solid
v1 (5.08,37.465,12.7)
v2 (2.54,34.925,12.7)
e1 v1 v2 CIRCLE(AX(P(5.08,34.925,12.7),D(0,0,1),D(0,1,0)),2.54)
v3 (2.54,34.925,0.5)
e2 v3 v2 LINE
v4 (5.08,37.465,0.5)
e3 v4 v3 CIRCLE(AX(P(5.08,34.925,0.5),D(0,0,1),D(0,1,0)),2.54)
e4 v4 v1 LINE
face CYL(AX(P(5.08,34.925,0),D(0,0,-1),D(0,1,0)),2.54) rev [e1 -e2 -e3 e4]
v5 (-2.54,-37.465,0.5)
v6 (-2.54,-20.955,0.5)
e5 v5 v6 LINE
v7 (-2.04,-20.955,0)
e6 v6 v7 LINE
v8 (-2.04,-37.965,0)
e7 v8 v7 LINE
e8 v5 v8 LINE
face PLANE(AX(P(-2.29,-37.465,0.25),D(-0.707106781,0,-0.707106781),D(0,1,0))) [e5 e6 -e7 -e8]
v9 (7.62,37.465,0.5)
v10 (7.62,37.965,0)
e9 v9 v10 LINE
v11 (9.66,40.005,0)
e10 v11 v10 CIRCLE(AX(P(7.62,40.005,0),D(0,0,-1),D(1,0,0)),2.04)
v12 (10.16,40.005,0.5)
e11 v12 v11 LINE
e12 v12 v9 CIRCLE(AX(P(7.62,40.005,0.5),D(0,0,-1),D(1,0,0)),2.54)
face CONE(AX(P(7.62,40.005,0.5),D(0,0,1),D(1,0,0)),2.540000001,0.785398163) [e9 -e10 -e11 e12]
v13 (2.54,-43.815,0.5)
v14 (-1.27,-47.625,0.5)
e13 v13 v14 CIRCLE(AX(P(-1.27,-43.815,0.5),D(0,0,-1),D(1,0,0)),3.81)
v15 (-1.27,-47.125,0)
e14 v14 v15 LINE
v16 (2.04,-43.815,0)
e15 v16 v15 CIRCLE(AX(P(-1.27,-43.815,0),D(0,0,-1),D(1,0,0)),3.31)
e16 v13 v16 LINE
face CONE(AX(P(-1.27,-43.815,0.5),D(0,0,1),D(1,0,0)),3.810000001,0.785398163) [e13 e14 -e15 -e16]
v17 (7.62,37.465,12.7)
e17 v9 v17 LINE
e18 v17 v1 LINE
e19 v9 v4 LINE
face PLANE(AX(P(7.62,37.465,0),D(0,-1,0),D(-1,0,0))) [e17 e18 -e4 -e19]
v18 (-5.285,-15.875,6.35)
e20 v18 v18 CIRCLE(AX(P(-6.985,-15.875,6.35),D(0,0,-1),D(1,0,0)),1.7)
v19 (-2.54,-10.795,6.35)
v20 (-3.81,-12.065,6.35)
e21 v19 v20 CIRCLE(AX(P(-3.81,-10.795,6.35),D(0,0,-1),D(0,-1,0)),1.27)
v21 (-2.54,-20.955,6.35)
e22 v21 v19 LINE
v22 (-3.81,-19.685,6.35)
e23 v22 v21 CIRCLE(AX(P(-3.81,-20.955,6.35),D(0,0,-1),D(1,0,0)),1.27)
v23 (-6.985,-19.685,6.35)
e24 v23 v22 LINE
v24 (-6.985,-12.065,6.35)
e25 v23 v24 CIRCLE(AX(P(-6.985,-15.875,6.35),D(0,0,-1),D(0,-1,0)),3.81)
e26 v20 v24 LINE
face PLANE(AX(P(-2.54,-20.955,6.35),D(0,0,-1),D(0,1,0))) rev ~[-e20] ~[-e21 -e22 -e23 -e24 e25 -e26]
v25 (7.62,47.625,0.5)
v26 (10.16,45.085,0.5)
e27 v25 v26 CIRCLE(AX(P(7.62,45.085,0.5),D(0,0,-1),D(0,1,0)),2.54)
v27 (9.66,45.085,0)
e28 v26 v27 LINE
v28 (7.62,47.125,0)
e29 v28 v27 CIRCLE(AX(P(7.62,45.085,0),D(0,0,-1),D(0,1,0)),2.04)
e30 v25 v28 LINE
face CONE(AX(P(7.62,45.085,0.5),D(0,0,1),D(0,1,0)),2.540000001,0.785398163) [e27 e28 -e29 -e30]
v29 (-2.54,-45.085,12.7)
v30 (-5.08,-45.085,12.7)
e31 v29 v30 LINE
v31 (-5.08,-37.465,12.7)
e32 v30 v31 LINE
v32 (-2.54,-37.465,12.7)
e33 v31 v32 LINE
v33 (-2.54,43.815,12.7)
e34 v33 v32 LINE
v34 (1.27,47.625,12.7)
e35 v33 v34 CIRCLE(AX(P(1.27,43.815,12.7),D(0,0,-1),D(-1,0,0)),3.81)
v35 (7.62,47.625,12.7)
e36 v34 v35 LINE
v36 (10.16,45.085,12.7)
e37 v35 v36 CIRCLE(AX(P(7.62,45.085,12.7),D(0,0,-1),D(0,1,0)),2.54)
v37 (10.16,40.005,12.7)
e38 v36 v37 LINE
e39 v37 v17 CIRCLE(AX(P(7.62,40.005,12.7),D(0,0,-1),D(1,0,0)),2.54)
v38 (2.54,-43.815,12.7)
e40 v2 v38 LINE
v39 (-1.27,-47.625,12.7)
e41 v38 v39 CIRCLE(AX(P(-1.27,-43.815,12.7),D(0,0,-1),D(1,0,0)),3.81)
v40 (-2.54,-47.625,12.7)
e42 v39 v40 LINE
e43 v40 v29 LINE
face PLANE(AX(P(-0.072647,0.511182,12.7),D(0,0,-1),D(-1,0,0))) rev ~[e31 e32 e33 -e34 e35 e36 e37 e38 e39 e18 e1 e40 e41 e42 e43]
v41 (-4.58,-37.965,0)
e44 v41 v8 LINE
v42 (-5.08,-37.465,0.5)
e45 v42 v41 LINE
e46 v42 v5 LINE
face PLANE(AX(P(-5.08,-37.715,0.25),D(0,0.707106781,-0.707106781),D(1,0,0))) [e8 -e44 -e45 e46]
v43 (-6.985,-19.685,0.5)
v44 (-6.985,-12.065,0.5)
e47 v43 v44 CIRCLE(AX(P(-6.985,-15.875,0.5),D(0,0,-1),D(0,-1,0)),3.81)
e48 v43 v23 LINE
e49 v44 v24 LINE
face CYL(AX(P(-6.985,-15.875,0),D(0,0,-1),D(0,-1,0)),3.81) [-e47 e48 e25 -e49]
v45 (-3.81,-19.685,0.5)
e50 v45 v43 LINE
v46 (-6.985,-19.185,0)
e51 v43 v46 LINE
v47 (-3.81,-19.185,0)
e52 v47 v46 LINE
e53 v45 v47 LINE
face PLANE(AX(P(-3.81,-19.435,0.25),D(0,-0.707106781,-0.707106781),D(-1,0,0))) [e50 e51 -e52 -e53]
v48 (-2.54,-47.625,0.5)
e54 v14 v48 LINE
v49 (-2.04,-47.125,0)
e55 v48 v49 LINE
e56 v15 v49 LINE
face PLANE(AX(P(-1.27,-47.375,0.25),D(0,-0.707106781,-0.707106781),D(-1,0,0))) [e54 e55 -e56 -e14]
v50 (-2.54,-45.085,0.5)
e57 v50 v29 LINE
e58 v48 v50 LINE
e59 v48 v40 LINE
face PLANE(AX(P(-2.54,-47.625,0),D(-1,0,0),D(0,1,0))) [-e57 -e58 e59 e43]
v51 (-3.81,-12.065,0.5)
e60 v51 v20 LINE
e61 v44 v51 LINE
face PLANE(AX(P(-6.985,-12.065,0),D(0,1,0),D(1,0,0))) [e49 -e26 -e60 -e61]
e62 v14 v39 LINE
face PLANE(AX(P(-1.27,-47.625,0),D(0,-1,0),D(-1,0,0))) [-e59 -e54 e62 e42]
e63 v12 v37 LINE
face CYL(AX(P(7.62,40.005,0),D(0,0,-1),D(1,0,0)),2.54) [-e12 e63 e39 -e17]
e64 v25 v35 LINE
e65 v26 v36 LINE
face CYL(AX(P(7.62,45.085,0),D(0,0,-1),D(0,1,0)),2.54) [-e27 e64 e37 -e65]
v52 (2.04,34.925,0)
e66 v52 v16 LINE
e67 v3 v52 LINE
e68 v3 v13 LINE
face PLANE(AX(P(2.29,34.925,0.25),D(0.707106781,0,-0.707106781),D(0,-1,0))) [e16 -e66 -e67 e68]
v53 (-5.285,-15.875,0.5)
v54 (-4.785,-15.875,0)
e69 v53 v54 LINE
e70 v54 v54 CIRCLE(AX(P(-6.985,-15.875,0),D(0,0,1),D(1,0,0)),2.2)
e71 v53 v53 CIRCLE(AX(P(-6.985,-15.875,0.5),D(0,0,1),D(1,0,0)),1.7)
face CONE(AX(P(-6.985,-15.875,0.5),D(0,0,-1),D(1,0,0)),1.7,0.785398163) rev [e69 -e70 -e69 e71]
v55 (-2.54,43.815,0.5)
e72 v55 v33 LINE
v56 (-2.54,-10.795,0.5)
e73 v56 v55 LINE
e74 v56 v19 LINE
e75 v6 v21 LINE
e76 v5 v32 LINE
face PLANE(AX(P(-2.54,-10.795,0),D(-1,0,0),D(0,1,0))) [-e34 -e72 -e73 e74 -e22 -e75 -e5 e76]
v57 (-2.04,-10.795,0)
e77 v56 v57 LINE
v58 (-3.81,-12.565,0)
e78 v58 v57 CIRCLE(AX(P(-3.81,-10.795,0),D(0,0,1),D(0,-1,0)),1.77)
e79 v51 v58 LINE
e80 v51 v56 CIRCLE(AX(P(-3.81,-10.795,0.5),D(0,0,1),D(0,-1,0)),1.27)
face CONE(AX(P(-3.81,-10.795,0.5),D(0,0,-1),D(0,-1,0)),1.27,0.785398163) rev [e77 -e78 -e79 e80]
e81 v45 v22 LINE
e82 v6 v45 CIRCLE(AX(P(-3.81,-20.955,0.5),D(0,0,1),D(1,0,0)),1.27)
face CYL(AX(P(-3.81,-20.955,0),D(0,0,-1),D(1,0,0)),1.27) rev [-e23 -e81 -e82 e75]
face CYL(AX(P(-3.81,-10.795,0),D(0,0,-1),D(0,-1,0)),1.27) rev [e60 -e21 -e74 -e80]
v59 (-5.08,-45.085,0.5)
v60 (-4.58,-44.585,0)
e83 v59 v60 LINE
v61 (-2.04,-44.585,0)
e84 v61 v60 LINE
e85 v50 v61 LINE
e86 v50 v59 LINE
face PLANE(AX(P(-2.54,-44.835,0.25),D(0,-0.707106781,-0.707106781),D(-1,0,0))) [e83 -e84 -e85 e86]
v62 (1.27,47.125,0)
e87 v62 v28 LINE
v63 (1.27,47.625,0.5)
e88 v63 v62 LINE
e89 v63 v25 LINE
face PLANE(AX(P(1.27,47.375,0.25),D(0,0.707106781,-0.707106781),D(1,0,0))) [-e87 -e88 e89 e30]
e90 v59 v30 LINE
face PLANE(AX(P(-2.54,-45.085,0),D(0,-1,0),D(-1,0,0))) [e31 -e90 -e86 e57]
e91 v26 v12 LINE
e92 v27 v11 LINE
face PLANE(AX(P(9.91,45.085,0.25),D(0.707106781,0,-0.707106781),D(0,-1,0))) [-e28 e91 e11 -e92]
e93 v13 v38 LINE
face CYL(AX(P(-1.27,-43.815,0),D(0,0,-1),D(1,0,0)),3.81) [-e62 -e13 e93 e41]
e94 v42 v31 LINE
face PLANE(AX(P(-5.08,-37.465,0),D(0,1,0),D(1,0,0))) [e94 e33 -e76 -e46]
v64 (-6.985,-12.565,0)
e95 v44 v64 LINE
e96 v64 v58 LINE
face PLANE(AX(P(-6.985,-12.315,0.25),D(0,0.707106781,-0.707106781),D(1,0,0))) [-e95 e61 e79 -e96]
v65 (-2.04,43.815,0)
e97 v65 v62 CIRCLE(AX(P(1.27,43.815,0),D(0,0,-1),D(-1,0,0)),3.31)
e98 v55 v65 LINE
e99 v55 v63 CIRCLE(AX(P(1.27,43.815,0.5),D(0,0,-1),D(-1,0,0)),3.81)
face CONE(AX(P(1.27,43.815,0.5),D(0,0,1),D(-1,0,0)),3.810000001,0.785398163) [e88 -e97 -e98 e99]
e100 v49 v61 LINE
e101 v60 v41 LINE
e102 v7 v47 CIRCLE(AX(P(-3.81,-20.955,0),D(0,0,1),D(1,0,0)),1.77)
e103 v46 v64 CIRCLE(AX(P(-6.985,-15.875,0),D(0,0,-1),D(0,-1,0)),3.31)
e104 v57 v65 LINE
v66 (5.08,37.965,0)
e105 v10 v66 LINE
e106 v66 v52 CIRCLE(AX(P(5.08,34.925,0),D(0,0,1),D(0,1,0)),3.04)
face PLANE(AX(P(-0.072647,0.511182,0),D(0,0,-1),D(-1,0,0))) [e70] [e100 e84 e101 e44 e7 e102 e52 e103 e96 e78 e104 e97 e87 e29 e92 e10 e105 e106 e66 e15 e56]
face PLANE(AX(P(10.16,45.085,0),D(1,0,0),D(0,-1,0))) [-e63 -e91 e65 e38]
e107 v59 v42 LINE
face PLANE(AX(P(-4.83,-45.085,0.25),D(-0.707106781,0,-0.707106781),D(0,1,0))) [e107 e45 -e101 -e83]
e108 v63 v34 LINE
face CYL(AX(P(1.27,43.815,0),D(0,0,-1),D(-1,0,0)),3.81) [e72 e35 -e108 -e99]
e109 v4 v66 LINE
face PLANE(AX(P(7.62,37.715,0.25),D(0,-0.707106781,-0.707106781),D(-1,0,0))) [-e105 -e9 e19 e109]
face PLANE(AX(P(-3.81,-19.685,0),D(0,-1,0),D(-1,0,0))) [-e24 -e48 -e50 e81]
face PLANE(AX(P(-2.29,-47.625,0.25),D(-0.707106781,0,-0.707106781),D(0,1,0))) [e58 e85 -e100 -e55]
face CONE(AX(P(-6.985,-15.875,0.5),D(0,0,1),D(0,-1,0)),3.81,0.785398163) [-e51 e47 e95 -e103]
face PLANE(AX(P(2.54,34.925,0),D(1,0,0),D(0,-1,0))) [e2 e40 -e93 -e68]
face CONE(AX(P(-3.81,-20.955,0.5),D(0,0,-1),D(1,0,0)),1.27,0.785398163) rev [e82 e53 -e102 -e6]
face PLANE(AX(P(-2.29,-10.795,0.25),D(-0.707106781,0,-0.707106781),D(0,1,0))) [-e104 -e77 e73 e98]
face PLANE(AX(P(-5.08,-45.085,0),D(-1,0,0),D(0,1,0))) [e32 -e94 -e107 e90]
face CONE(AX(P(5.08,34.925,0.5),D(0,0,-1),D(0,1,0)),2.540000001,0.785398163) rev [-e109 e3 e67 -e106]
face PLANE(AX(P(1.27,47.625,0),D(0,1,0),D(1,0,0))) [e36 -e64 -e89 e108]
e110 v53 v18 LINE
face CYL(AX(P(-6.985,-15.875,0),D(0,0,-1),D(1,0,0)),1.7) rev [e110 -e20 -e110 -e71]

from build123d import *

# Parameters (mm, degrees)
SKETCH1_R           = 1.7
BOSS_EXTRUDE1_DEPTH = 12.7
SKETCH2_W           = 6.35
SKETCH2_H           = 10.16
CUT_EXTRUDE1_DEPTH  = 20.32
CHAMFER1_SIZE       = 0.5


with BuildPart() as part:
    # Sketch1 → Boss-Extrude1 (new body)
    with BuildSketch(Plane.XY):
        with BuildLine():
            Line((2.54, 47.625), (7.62, 47.625))
            ThreePointArc((7.62, 47.625), (9.416051224, 46.881051224), (10.16, 45.085))
            Line((10.16, 45.085), (10.16, 40.005))
            ThreePointArc((10.16, 40.005), (9.416051224, 38.208948776), (7.62, 37.465))
            Line((7.62, 37.465), (5.08, 37.465))
            ThreePointArc((5.08, 37.465), (3.283948776, 36.721051224), (2.54, 34.925))
            Line((2.54, 34.925), (2.54, -43.815))
            ThreePointArc((2.54, -43.815), (1.424076836, -46.509076836), (-1.27, -47.625))
            Line((-1.27, -47.625), (-2.54, -47.625))
            Line((-2.54, -47.625), (-2.54, -45.085))
            Line((-2.54, -45.085), (-5.08, -45.085))
            Line((-5.08, -45.085), (-5.08, -37.465))
            Line((-5.08, -37.465), (-2.54, -37.465))
            Line((-2.54, -37.465), (-2.54, -20.955))
            ThreePointArc((-2.54, -20.955), (-2.911974388, -20.056974388), (-3.81, -19.685))
            Line((-3.81, -19.685), (-6.985, -19.685))
            ThreePointArc((-6.985, -19.685), (-10.795, -15.875), (-6.985, -12.065))
            Line((-6.985, -12.065), (-3.81, -12.065))
            ThreePointArc((-3.81, -12.065), (-2.911974388, -11.693025612), (-2.54, -10.795))
            Line((-2.54, -10.795), (-2.54, 43.815))
            ThreePointArc((-2.54, 43.815), (-1.424076836, 46.509076836), (1.27, 47.625))
            Line((1.27, 47.625), (2.54, 47.625))
        make_face()
        with Locations((-6.985, -15.875)):
            Circle(SKETCH1_R, mode=Mode.SUBTRACT)
    extrude(amount=BOSS_EXTRUDE1_DEPTH)

    # Sketch2 → Cut-Extrude1 (cut)
    with BuildSketch(Plane.ZY.offset(2.54)):
        with Locations((9.525, -15.875)):
            Rectangle(SKETCH2_W, SKETCH2_H)
    extrude(amount=CUT_EXTRUDE1_DEPTH, mode=Mode.SUBTRACT)

    # Chamfer1
    chamfer1_edges = [part.edges().sort_by_distance(p)[0] for p in [
        (-3.81, -45.085, 0),
        (-5.08, -41.275, 0),
        (-3.81, -37.465, 0),
        (-2.54, -29.21, 0),
        (-2.911974388, -20.056974388, 0),
        (-5.3975, -19.685, 0),
        (-10.795, -15.875, 0),
        (-5.3975, -12.065, 0),
        (-2.911974388, -11.693025612, 0),
        (-2.54, 16.51, 0),
        (-1.424076836, 46.509076836, 0),
        (4.445, 47.625, 0),
        (9.416051224, 46.881051224, 0),
        (10.16, 42.545, 0),
        (9.416051224, 38.208948776, 0),
        (6.35, 37.465, 0),
        (3.283948776, 36.721051224, 0),
        (2.54, -4.445, 0),
        (1.424076836, -46.509076836, 0),
        (-1.905, -47.625, 0),
        (-2.54, -46.355, 0),
        (-8.685, -15.875, 0),
    ]]
    chamfer(chamfer1_edges, length=CHAMFER1_SIZE)


solid = part.part
